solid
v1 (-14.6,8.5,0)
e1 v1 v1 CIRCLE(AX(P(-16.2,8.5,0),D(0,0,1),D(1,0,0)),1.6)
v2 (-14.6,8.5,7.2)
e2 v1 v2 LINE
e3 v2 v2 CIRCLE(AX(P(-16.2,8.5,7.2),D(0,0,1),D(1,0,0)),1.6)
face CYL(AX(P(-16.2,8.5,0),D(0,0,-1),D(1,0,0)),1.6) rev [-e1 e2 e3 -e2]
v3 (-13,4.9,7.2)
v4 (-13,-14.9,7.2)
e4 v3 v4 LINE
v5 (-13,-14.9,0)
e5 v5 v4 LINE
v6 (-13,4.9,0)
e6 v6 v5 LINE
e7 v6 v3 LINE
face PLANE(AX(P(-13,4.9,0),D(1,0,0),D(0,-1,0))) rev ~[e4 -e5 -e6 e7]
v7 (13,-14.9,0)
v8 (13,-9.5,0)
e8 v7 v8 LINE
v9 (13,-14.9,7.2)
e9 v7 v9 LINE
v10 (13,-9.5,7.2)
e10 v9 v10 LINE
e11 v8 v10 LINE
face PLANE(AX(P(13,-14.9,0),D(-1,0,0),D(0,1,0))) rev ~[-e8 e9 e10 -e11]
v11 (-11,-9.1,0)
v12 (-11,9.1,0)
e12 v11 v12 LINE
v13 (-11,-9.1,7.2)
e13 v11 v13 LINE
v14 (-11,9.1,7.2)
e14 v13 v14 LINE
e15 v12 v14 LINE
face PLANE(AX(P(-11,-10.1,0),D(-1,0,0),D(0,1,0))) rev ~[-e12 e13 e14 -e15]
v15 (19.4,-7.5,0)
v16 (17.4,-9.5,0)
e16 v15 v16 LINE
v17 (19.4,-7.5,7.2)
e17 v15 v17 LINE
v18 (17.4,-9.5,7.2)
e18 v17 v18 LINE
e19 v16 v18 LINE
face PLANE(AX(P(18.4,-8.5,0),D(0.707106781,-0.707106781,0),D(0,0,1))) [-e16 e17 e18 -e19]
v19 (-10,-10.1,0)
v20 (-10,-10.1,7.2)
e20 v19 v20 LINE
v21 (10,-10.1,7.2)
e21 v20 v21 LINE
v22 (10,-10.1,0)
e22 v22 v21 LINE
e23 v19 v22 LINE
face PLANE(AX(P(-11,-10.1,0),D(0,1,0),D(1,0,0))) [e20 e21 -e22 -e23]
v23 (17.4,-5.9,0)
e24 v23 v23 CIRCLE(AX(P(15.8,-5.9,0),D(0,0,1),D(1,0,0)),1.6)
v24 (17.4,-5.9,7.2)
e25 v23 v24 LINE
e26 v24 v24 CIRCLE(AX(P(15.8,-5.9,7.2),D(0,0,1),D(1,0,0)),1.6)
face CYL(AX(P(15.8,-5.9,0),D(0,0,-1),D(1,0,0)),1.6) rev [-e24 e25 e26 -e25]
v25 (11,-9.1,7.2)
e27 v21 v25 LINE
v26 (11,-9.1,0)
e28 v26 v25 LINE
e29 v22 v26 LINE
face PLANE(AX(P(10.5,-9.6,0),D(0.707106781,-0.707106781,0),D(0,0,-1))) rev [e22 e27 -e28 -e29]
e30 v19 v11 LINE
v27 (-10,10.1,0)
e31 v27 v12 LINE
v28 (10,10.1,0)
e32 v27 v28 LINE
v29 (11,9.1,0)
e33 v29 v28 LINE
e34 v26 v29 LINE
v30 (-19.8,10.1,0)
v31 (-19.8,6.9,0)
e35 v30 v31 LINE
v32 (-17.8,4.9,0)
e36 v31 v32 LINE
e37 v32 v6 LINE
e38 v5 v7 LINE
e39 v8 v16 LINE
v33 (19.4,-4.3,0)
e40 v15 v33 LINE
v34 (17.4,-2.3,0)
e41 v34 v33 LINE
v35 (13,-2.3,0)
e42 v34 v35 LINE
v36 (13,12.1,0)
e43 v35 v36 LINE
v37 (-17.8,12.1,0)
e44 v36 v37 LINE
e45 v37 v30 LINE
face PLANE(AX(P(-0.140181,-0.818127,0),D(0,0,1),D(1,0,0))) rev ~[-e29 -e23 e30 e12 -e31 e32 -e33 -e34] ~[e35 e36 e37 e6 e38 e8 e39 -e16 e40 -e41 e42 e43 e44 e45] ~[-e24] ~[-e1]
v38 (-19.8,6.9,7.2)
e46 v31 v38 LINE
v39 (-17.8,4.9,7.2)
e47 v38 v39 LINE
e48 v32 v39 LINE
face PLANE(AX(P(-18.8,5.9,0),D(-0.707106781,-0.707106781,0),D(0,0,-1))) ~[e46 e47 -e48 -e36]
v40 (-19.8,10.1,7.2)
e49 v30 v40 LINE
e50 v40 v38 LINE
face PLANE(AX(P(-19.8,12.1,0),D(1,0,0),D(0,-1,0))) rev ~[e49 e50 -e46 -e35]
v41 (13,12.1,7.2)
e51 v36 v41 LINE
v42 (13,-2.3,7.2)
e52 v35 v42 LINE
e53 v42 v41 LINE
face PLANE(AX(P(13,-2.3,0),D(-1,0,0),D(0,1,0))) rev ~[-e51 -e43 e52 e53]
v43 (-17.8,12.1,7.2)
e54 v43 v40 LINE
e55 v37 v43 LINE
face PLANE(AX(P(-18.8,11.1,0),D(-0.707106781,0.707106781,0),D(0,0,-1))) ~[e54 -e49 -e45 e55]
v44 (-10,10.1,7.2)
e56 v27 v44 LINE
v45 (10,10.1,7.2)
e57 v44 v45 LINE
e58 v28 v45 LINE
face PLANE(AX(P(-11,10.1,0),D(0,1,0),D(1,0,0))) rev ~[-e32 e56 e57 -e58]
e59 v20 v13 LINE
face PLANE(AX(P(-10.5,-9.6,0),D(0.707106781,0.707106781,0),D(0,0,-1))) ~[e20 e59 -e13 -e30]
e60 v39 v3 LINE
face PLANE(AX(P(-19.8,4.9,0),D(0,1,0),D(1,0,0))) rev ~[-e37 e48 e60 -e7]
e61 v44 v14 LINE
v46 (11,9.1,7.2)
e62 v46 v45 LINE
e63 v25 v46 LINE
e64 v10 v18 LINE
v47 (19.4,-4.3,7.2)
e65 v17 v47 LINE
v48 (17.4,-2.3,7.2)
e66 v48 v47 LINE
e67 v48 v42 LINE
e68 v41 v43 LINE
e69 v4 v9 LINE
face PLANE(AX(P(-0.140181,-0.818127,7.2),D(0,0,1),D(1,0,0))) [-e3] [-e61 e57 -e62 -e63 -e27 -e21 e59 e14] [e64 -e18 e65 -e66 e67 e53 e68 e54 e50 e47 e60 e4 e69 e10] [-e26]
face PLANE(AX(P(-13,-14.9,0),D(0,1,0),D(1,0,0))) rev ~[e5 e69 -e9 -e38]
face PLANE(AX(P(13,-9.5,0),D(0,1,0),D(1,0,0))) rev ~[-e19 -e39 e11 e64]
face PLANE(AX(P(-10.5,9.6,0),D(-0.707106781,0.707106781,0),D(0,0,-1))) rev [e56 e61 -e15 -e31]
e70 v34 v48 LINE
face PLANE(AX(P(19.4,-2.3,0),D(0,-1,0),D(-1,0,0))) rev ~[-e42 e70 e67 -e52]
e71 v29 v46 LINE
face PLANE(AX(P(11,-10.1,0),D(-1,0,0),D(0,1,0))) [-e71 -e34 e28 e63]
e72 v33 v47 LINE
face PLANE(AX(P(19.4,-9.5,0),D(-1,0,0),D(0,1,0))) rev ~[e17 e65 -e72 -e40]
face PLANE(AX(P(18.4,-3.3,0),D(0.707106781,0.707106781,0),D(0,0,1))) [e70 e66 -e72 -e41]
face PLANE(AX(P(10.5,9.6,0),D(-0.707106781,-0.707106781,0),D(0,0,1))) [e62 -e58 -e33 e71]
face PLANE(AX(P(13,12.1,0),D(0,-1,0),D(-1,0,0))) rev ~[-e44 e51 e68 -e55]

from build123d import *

# Parameters (mm, degrees)
F0_R     = 1.6
F0_W     = 22
F0_H     = 20.2
F1_DEPTH = 7.2
F2_SIZE  = 2
F3_SIZE  = 1


with BuildPart() as f1:
    # F0 (on Top) → F1 (new body)
    with BuildSketch(Plane.XY):
        Polygon((13, 12.1), (-19.8, 12.1), (-19.8, 4.9), (-13, 4.9), (-13, -14.9), (13, -14.9), (13, -10.1), (13, -9.5), (19.4, -9.5), (19.4, -2.3), (13, -2.3), align=None)
        with Locations((15.8, -5.9)):
            Circle(F0_R, mode=Mode.SUBTRACT)
        with Locations((-16.2, 8.5)):
            Circle(F0_R, mode=Mode.SUBTRACT)
        Rectangle(F0_W, F0_H, mode=Mode.SUBTRACT)
    extrude(amount=F1_DEPTH)

    # F2
    f2_edges = [f1.edges().sort_by_distance(p)[0] for p in [
        (-19.8, 4.9, 3.6),
        (-19.8, 12.1, 3.6),
        (19.4, -9.5, 3.6),
        (19.4, -2.3, 3.6),
    ]]
    chamfer(f2_edges, length=F2_SIZE)

    # F3
    f3_edges = [f1.edges().sort_by_distance(p)[0] for p in [
        (11, 10.1, 3.6),
        (-11, 10.1, 3.6),
        (-11, -10.1, 3.6),
        (11, -10.1, 3.6),
    ]]
    chamfer(f3_edges, length=F3_SIZE)


solid = f1.part
